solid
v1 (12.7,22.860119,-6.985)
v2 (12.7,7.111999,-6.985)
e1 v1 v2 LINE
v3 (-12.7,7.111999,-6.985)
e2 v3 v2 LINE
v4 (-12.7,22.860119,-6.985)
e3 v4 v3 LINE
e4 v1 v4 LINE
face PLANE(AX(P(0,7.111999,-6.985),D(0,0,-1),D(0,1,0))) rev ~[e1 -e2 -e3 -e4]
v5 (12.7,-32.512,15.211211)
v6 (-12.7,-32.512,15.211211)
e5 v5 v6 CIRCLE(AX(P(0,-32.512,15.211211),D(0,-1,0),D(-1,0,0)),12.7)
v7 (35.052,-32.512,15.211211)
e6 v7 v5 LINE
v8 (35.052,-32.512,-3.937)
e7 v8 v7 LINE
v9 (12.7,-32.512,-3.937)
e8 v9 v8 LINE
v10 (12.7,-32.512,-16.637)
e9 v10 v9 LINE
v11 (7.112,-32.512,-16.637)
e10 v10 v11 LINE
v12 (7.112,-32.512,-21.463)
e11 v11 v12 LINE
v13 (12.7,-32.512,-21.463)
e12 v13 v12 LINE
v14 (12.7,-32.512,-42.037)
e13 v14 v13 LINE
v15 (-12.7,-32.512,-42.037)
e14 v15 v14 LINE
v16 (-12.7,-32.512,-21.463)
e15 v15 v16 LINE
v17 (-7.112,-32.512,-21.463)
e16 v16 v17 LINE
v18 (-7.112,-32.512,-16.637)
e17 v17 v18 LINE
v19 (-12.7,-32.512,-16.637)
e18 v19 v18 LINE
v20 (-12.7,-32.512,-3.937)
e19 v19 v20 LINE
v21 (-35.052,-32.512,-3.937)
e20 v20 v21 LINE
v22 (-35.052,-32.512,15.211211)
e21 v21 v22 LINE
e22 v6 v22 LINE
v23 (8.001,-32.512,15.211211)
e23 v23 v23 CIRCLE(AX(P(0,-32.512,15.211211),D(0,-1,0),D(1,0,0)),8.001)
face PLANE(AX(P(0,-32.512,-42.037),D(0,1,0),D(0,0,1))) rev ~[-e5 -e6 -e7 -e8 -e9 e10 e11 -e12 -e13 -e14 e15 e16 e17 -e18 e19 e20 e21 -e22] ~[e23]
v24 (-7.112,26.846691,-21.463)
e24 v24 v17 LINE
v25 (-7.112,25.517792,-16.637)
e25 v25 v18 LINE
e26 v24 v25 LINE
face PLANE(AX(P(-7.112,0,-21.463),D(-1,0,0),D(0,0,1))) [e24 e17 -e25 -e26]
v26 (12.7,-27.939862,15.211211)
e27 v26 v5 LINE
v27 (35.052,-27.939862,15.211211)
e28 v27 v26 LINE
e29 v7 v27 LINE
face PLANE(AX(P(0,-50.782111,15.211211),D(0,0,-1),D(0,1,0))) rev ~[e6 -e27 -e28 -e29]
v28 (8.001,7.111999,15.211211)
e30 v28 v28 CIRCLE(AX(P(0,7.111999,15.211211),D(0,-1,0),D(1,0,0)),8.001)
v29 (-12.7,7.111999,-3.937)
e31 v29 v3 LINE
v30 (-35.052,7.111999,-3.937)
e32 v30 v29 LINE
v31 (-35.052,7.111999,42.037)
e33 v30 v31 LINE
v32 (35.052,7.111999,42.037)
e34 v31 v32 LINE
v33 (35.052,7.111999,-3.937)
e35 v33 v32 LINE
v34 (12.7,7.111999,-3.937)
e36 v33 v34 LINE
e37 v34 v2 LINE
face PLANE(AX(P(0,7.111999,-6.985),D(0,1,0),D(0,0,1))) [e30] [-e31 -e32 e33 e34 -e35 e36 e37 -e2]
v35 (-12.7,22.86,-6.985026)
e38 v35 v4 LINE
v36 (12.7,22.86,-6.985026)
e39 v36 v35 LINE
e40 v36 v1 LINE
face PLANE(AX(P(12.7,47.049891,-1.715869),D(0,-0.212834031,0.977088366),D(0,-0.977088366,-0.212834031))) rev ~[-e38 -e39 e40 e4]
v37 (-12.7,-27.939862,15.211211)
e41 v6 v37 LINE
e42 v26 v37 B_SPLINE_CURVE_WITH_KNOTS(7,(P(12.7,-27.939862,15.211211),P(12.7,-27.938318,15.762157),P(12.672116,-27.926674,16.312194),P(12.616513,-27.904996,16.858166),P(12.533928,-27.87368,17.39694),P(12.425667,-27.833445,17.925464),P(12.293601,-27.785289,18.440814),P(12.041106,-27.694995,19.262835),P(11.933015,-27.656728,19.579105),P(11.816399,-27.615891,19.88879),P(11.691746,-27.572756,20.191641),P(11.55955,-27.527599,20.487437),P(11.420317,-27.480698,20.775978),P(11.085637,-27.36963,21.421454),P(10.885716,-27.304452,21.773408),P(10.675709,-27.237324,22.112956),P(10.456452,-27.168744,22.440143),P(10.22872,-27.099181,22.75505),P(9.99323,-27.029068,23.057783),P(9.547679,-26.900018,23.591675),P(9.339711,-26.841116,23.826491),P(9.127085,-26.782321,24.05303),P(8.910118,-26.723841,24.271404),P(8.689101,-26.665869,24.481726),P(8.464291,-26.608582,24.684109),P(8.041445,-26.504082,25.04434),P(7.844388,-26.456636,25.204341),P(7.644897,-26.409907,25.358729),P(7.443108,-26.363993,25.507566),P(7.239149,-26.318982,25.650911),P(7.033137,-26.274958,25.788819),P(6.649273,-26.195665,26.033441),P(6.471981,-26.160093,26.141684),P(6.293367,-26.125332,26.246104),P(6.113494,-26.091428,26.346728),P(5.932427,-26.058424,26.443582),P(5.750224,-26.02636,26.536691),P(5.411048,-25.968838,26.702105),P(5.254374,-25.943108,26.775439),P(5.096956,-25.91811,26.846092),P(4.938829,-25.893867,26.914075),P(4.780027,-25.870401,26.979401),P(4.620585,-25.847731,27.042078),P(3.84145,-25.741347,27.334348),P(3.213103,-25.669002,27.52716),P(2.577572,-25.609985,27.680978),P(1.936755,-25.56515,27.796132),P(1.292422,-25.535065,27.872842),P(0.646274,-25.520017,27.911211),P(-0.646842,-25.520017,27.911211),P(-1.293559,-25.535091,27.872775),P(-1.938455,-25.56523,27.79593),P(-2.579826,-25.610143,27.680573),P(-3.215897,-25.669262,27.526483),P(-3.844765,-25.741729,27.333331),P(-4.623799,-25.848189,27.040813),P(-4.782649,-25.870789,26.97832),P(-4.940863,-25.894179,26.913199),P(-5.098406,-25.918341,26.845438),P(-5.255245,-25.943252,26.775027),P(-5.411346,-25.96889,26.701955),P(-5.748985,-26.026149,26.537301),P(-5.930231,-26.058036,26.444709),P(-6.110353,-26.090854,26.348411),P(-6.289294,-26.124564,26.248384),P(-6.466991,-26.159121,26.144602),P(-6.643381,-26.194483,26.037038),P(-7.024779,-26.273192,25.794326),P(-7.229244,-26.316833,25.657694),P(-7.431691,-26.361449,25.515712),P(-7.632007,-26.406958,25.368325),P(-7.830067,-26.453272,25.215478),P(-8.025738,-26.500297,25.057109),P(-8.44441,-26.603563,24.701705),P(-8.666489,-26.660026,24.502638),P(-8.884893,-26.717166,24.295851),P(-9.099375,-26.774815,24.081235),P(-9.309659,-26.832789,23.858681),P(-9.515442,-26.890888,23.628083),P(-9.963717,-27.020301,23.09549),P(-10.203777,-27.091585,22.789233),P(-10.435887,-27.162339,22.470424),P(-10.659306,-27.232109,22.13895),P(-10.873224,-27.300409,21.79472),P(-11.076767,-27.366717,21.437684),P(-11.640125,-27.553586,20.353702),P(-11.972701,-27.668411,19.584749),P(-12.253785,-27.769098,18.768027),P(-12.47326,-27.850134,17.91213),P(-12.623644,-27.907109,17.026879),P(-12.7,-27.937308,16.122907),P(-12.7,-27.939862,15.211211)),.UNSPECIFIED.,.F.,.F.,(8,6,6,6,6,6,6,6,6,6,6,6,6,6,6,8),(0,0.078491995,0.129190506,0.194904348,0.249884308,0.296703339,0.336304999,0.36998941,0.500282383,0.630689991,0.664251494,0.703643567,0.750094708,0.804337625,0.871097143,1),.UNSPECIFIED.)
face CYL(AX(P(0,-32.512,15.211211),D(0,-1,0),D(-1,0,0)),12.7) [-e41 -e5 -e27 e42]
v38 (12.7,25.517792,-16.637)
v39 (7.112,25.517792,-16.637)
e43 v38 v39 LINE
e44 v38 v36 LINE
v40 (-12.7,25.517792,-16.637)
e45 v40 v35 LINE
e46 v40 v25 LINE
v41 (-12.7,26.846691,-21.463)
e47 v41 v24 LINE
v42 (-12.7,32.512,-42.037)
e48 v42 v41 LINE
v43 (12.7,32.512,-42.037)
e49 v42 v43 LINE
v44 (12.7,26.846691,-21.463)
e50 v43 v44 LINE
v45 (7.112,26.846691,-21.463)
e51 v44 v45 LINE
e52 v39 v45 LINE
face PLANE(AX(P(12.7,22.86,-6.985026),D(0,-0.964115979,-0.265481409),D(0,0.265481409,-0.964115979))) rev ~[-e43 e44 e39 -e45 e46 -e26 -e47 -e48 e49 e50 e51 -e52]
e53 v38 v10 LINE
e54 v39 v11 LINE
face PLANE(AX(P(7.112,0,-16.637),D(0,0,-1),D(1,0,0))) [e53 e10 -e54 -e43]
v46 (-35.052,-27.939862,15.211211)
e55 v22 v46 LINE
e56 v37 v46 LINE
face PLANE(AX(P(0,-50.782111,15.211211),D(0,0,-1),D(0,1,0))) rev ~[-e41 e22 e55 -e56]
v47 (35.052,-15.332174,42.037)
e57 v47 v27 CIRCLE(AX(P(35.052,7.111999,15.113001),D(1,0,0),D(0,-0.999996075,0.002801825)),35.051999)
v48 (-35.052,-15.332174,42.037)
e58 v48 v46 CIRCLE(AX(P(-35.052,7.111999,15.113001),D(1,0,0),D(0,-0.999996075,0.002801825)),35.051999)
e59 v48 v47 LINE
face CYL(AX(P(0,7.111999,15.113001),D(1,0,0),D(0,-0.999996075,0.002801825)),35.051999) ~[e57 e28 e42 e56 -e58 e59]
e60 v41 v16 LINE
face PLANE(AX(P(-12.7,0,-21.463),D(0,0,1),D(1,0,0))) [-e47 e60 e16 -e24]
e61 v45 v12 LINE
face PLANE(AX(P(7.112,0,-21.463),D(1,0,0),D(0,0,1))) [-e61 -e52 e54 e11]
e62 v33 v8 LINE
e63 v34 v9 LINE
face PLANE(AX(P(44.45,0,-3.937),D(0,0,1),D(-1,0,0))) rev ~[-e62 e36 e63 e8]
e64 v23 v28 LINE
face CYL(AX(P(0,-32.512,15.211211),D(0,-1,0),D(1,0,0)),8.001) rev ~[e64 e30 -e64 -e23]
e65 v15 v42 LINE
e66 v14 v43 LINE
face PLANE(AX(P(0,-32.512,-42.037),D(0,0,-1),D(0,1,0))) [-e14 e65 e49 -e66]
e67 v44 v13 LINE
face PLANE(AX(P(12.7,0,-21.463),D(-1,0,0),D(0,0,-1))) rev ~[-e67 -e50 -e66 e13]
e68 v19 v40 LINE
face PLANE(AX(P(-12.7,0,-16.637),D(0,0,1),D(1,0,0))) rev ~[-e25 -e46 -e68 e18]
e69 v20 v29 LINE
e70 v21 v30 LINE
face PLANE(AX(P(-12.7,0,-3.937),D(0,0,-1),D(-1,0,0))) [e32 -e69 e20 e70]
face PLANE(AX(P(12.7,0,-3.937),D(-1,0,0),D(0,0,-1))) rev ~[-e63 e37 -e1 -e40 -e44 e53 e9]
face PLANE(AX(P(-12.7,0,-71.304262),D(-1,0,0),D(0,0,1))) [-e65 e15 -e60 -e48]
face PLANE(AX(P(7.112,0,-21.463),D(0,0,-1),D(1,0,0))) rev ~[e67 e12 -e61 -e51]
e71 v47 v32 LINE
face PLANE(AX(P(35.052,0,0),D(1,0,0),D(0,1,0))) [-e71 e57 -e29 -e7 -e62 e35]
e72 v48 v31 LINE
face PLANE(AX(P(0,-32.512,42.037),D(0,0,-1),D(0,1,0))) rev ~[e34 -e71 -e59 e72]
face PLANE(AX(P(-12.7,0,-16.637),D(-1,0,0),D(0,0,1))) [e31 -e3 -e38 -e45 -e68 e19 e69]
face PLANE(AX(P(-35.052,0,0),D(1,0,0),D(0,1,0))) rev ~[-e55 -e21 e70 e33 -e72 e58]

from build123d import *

# Parameters (mm, degrees)
F0_W      = 65.024
F0_H      = 84.074
F1_DEPTH  = 35.052
F2_W      = 5.588
F2_H      = 4.826
F3_DEPTH  = 127
F4_W      = 62.676213
F4_H      = 69.311896
F5_DEPTH  = 127
F7_DEPTH  = 127
F9_DEPTH  = 127
F11_DEPTH = 25.4
F12_R     = 8.001
F13_DEPTH = 65.025


with BuildPart() as f1:
    # F0 (on Right) → F1 (new body, symmetric)
    with BuildSketch(Plane.YZ):
        Rectangle(F0_W, F0_H)
    extrude(amount=F1_DEPTH, both=True)

    # F2 (on Front) → F3 (cut, symmetric)
    with BuildSketch(Plane.XZ):
        Polygon((-44.45, -3.937), (-44.45, -71.304262), (-12.7, -71.304262), (-12.7, -21.463), (-12.7, -16.637), (-12.7, -3.937), align=None)
        with Locations((-9.906, -19.05)):
            Rectangle(F2_W, F2_H)
        Polygon((44.45, -3.937), (12.7, -3.937), (12.7, -16.637), (12.7, -21.463), (12.7, -71.188014), (44.45, -71.188014), align=None)
        with Locations((9.906, -19.05)):
            Rectangle(F2_W, F2_H)
    extrude(amount=F3_DEPTH, both=True, mode=Mode.SUBTRACT)

    # F4 (on Right) → F5 (cut, symmetric)
    with BuildSketch(Plane.YZ):
        with Locations((38.450106, 27.670948)):
            Rectangle(F4_W, F4_H)
    extrude(amount=F5_DEPTH, both=True, mode=Mode.SUBTRACT)

    # F6 (on face) → F7 (cut, symmetric)
    with BuildSketch(Plane.YZ.offset(12.7)):
        Polygon((22.86, -6.985026), (32.512, -42.037), (51.482223, -29.319761), (47.049891, -1.715869), align=None)
    extrude(amount=F7_DEPTH, both=True, mode=Mode.SUBTRACT)

    # F8 (on Right) → F9 (cut, symmetric)
    with BuildSketch(Plane.YZ):
        with BuildLine():
            ThreePointArc((-27.939862, 15.211211), (-17.712772, 39.85918), (6.902644, 50.164375))
            Line((6.902644, 50.164375), (-42.650253, 55.479672))
            Line((-42.650253, 55.479672), (-50.782111, 15.211211))
            Line((-50.782111, 15.211211), (-27.939862, 15.211211))
        make_face()
    extrude(amount=F9_DEPTH, both=True, mode=Mode.SUBTRACT)

    # F10 (on face) → F11 (join)
    with BuildSketch(Plane.XZ.offset(32.512)):
        with BuildLine():
            Line((-12.7, 15.211211), (12.7, 15.211211))
            ThreePointArc((12.7, 15.211211), (0, 27.911211), (-12.7, 15.211211))
        make_face()
        with BuildLine():
            ThreePointArc((-12.7, 15.211211), (0, 2.511211), (12.7, 15.211211))
            Line((12.7, 15.211211), (-12.7, 15.211211))
        make_face()
    extrude(amount=-F11_DEPTH)

    # F12 (on face) → F13 (cut, through all)
    with BuildSketch(Plane.XZ.offset(32.512)):
        with Locations((0, 15.211211)):
            Circle(F12_R)
    extrude(amount=-F13_DEPTH, mode=Mode.SUBTRACT)


solid = f1.part
